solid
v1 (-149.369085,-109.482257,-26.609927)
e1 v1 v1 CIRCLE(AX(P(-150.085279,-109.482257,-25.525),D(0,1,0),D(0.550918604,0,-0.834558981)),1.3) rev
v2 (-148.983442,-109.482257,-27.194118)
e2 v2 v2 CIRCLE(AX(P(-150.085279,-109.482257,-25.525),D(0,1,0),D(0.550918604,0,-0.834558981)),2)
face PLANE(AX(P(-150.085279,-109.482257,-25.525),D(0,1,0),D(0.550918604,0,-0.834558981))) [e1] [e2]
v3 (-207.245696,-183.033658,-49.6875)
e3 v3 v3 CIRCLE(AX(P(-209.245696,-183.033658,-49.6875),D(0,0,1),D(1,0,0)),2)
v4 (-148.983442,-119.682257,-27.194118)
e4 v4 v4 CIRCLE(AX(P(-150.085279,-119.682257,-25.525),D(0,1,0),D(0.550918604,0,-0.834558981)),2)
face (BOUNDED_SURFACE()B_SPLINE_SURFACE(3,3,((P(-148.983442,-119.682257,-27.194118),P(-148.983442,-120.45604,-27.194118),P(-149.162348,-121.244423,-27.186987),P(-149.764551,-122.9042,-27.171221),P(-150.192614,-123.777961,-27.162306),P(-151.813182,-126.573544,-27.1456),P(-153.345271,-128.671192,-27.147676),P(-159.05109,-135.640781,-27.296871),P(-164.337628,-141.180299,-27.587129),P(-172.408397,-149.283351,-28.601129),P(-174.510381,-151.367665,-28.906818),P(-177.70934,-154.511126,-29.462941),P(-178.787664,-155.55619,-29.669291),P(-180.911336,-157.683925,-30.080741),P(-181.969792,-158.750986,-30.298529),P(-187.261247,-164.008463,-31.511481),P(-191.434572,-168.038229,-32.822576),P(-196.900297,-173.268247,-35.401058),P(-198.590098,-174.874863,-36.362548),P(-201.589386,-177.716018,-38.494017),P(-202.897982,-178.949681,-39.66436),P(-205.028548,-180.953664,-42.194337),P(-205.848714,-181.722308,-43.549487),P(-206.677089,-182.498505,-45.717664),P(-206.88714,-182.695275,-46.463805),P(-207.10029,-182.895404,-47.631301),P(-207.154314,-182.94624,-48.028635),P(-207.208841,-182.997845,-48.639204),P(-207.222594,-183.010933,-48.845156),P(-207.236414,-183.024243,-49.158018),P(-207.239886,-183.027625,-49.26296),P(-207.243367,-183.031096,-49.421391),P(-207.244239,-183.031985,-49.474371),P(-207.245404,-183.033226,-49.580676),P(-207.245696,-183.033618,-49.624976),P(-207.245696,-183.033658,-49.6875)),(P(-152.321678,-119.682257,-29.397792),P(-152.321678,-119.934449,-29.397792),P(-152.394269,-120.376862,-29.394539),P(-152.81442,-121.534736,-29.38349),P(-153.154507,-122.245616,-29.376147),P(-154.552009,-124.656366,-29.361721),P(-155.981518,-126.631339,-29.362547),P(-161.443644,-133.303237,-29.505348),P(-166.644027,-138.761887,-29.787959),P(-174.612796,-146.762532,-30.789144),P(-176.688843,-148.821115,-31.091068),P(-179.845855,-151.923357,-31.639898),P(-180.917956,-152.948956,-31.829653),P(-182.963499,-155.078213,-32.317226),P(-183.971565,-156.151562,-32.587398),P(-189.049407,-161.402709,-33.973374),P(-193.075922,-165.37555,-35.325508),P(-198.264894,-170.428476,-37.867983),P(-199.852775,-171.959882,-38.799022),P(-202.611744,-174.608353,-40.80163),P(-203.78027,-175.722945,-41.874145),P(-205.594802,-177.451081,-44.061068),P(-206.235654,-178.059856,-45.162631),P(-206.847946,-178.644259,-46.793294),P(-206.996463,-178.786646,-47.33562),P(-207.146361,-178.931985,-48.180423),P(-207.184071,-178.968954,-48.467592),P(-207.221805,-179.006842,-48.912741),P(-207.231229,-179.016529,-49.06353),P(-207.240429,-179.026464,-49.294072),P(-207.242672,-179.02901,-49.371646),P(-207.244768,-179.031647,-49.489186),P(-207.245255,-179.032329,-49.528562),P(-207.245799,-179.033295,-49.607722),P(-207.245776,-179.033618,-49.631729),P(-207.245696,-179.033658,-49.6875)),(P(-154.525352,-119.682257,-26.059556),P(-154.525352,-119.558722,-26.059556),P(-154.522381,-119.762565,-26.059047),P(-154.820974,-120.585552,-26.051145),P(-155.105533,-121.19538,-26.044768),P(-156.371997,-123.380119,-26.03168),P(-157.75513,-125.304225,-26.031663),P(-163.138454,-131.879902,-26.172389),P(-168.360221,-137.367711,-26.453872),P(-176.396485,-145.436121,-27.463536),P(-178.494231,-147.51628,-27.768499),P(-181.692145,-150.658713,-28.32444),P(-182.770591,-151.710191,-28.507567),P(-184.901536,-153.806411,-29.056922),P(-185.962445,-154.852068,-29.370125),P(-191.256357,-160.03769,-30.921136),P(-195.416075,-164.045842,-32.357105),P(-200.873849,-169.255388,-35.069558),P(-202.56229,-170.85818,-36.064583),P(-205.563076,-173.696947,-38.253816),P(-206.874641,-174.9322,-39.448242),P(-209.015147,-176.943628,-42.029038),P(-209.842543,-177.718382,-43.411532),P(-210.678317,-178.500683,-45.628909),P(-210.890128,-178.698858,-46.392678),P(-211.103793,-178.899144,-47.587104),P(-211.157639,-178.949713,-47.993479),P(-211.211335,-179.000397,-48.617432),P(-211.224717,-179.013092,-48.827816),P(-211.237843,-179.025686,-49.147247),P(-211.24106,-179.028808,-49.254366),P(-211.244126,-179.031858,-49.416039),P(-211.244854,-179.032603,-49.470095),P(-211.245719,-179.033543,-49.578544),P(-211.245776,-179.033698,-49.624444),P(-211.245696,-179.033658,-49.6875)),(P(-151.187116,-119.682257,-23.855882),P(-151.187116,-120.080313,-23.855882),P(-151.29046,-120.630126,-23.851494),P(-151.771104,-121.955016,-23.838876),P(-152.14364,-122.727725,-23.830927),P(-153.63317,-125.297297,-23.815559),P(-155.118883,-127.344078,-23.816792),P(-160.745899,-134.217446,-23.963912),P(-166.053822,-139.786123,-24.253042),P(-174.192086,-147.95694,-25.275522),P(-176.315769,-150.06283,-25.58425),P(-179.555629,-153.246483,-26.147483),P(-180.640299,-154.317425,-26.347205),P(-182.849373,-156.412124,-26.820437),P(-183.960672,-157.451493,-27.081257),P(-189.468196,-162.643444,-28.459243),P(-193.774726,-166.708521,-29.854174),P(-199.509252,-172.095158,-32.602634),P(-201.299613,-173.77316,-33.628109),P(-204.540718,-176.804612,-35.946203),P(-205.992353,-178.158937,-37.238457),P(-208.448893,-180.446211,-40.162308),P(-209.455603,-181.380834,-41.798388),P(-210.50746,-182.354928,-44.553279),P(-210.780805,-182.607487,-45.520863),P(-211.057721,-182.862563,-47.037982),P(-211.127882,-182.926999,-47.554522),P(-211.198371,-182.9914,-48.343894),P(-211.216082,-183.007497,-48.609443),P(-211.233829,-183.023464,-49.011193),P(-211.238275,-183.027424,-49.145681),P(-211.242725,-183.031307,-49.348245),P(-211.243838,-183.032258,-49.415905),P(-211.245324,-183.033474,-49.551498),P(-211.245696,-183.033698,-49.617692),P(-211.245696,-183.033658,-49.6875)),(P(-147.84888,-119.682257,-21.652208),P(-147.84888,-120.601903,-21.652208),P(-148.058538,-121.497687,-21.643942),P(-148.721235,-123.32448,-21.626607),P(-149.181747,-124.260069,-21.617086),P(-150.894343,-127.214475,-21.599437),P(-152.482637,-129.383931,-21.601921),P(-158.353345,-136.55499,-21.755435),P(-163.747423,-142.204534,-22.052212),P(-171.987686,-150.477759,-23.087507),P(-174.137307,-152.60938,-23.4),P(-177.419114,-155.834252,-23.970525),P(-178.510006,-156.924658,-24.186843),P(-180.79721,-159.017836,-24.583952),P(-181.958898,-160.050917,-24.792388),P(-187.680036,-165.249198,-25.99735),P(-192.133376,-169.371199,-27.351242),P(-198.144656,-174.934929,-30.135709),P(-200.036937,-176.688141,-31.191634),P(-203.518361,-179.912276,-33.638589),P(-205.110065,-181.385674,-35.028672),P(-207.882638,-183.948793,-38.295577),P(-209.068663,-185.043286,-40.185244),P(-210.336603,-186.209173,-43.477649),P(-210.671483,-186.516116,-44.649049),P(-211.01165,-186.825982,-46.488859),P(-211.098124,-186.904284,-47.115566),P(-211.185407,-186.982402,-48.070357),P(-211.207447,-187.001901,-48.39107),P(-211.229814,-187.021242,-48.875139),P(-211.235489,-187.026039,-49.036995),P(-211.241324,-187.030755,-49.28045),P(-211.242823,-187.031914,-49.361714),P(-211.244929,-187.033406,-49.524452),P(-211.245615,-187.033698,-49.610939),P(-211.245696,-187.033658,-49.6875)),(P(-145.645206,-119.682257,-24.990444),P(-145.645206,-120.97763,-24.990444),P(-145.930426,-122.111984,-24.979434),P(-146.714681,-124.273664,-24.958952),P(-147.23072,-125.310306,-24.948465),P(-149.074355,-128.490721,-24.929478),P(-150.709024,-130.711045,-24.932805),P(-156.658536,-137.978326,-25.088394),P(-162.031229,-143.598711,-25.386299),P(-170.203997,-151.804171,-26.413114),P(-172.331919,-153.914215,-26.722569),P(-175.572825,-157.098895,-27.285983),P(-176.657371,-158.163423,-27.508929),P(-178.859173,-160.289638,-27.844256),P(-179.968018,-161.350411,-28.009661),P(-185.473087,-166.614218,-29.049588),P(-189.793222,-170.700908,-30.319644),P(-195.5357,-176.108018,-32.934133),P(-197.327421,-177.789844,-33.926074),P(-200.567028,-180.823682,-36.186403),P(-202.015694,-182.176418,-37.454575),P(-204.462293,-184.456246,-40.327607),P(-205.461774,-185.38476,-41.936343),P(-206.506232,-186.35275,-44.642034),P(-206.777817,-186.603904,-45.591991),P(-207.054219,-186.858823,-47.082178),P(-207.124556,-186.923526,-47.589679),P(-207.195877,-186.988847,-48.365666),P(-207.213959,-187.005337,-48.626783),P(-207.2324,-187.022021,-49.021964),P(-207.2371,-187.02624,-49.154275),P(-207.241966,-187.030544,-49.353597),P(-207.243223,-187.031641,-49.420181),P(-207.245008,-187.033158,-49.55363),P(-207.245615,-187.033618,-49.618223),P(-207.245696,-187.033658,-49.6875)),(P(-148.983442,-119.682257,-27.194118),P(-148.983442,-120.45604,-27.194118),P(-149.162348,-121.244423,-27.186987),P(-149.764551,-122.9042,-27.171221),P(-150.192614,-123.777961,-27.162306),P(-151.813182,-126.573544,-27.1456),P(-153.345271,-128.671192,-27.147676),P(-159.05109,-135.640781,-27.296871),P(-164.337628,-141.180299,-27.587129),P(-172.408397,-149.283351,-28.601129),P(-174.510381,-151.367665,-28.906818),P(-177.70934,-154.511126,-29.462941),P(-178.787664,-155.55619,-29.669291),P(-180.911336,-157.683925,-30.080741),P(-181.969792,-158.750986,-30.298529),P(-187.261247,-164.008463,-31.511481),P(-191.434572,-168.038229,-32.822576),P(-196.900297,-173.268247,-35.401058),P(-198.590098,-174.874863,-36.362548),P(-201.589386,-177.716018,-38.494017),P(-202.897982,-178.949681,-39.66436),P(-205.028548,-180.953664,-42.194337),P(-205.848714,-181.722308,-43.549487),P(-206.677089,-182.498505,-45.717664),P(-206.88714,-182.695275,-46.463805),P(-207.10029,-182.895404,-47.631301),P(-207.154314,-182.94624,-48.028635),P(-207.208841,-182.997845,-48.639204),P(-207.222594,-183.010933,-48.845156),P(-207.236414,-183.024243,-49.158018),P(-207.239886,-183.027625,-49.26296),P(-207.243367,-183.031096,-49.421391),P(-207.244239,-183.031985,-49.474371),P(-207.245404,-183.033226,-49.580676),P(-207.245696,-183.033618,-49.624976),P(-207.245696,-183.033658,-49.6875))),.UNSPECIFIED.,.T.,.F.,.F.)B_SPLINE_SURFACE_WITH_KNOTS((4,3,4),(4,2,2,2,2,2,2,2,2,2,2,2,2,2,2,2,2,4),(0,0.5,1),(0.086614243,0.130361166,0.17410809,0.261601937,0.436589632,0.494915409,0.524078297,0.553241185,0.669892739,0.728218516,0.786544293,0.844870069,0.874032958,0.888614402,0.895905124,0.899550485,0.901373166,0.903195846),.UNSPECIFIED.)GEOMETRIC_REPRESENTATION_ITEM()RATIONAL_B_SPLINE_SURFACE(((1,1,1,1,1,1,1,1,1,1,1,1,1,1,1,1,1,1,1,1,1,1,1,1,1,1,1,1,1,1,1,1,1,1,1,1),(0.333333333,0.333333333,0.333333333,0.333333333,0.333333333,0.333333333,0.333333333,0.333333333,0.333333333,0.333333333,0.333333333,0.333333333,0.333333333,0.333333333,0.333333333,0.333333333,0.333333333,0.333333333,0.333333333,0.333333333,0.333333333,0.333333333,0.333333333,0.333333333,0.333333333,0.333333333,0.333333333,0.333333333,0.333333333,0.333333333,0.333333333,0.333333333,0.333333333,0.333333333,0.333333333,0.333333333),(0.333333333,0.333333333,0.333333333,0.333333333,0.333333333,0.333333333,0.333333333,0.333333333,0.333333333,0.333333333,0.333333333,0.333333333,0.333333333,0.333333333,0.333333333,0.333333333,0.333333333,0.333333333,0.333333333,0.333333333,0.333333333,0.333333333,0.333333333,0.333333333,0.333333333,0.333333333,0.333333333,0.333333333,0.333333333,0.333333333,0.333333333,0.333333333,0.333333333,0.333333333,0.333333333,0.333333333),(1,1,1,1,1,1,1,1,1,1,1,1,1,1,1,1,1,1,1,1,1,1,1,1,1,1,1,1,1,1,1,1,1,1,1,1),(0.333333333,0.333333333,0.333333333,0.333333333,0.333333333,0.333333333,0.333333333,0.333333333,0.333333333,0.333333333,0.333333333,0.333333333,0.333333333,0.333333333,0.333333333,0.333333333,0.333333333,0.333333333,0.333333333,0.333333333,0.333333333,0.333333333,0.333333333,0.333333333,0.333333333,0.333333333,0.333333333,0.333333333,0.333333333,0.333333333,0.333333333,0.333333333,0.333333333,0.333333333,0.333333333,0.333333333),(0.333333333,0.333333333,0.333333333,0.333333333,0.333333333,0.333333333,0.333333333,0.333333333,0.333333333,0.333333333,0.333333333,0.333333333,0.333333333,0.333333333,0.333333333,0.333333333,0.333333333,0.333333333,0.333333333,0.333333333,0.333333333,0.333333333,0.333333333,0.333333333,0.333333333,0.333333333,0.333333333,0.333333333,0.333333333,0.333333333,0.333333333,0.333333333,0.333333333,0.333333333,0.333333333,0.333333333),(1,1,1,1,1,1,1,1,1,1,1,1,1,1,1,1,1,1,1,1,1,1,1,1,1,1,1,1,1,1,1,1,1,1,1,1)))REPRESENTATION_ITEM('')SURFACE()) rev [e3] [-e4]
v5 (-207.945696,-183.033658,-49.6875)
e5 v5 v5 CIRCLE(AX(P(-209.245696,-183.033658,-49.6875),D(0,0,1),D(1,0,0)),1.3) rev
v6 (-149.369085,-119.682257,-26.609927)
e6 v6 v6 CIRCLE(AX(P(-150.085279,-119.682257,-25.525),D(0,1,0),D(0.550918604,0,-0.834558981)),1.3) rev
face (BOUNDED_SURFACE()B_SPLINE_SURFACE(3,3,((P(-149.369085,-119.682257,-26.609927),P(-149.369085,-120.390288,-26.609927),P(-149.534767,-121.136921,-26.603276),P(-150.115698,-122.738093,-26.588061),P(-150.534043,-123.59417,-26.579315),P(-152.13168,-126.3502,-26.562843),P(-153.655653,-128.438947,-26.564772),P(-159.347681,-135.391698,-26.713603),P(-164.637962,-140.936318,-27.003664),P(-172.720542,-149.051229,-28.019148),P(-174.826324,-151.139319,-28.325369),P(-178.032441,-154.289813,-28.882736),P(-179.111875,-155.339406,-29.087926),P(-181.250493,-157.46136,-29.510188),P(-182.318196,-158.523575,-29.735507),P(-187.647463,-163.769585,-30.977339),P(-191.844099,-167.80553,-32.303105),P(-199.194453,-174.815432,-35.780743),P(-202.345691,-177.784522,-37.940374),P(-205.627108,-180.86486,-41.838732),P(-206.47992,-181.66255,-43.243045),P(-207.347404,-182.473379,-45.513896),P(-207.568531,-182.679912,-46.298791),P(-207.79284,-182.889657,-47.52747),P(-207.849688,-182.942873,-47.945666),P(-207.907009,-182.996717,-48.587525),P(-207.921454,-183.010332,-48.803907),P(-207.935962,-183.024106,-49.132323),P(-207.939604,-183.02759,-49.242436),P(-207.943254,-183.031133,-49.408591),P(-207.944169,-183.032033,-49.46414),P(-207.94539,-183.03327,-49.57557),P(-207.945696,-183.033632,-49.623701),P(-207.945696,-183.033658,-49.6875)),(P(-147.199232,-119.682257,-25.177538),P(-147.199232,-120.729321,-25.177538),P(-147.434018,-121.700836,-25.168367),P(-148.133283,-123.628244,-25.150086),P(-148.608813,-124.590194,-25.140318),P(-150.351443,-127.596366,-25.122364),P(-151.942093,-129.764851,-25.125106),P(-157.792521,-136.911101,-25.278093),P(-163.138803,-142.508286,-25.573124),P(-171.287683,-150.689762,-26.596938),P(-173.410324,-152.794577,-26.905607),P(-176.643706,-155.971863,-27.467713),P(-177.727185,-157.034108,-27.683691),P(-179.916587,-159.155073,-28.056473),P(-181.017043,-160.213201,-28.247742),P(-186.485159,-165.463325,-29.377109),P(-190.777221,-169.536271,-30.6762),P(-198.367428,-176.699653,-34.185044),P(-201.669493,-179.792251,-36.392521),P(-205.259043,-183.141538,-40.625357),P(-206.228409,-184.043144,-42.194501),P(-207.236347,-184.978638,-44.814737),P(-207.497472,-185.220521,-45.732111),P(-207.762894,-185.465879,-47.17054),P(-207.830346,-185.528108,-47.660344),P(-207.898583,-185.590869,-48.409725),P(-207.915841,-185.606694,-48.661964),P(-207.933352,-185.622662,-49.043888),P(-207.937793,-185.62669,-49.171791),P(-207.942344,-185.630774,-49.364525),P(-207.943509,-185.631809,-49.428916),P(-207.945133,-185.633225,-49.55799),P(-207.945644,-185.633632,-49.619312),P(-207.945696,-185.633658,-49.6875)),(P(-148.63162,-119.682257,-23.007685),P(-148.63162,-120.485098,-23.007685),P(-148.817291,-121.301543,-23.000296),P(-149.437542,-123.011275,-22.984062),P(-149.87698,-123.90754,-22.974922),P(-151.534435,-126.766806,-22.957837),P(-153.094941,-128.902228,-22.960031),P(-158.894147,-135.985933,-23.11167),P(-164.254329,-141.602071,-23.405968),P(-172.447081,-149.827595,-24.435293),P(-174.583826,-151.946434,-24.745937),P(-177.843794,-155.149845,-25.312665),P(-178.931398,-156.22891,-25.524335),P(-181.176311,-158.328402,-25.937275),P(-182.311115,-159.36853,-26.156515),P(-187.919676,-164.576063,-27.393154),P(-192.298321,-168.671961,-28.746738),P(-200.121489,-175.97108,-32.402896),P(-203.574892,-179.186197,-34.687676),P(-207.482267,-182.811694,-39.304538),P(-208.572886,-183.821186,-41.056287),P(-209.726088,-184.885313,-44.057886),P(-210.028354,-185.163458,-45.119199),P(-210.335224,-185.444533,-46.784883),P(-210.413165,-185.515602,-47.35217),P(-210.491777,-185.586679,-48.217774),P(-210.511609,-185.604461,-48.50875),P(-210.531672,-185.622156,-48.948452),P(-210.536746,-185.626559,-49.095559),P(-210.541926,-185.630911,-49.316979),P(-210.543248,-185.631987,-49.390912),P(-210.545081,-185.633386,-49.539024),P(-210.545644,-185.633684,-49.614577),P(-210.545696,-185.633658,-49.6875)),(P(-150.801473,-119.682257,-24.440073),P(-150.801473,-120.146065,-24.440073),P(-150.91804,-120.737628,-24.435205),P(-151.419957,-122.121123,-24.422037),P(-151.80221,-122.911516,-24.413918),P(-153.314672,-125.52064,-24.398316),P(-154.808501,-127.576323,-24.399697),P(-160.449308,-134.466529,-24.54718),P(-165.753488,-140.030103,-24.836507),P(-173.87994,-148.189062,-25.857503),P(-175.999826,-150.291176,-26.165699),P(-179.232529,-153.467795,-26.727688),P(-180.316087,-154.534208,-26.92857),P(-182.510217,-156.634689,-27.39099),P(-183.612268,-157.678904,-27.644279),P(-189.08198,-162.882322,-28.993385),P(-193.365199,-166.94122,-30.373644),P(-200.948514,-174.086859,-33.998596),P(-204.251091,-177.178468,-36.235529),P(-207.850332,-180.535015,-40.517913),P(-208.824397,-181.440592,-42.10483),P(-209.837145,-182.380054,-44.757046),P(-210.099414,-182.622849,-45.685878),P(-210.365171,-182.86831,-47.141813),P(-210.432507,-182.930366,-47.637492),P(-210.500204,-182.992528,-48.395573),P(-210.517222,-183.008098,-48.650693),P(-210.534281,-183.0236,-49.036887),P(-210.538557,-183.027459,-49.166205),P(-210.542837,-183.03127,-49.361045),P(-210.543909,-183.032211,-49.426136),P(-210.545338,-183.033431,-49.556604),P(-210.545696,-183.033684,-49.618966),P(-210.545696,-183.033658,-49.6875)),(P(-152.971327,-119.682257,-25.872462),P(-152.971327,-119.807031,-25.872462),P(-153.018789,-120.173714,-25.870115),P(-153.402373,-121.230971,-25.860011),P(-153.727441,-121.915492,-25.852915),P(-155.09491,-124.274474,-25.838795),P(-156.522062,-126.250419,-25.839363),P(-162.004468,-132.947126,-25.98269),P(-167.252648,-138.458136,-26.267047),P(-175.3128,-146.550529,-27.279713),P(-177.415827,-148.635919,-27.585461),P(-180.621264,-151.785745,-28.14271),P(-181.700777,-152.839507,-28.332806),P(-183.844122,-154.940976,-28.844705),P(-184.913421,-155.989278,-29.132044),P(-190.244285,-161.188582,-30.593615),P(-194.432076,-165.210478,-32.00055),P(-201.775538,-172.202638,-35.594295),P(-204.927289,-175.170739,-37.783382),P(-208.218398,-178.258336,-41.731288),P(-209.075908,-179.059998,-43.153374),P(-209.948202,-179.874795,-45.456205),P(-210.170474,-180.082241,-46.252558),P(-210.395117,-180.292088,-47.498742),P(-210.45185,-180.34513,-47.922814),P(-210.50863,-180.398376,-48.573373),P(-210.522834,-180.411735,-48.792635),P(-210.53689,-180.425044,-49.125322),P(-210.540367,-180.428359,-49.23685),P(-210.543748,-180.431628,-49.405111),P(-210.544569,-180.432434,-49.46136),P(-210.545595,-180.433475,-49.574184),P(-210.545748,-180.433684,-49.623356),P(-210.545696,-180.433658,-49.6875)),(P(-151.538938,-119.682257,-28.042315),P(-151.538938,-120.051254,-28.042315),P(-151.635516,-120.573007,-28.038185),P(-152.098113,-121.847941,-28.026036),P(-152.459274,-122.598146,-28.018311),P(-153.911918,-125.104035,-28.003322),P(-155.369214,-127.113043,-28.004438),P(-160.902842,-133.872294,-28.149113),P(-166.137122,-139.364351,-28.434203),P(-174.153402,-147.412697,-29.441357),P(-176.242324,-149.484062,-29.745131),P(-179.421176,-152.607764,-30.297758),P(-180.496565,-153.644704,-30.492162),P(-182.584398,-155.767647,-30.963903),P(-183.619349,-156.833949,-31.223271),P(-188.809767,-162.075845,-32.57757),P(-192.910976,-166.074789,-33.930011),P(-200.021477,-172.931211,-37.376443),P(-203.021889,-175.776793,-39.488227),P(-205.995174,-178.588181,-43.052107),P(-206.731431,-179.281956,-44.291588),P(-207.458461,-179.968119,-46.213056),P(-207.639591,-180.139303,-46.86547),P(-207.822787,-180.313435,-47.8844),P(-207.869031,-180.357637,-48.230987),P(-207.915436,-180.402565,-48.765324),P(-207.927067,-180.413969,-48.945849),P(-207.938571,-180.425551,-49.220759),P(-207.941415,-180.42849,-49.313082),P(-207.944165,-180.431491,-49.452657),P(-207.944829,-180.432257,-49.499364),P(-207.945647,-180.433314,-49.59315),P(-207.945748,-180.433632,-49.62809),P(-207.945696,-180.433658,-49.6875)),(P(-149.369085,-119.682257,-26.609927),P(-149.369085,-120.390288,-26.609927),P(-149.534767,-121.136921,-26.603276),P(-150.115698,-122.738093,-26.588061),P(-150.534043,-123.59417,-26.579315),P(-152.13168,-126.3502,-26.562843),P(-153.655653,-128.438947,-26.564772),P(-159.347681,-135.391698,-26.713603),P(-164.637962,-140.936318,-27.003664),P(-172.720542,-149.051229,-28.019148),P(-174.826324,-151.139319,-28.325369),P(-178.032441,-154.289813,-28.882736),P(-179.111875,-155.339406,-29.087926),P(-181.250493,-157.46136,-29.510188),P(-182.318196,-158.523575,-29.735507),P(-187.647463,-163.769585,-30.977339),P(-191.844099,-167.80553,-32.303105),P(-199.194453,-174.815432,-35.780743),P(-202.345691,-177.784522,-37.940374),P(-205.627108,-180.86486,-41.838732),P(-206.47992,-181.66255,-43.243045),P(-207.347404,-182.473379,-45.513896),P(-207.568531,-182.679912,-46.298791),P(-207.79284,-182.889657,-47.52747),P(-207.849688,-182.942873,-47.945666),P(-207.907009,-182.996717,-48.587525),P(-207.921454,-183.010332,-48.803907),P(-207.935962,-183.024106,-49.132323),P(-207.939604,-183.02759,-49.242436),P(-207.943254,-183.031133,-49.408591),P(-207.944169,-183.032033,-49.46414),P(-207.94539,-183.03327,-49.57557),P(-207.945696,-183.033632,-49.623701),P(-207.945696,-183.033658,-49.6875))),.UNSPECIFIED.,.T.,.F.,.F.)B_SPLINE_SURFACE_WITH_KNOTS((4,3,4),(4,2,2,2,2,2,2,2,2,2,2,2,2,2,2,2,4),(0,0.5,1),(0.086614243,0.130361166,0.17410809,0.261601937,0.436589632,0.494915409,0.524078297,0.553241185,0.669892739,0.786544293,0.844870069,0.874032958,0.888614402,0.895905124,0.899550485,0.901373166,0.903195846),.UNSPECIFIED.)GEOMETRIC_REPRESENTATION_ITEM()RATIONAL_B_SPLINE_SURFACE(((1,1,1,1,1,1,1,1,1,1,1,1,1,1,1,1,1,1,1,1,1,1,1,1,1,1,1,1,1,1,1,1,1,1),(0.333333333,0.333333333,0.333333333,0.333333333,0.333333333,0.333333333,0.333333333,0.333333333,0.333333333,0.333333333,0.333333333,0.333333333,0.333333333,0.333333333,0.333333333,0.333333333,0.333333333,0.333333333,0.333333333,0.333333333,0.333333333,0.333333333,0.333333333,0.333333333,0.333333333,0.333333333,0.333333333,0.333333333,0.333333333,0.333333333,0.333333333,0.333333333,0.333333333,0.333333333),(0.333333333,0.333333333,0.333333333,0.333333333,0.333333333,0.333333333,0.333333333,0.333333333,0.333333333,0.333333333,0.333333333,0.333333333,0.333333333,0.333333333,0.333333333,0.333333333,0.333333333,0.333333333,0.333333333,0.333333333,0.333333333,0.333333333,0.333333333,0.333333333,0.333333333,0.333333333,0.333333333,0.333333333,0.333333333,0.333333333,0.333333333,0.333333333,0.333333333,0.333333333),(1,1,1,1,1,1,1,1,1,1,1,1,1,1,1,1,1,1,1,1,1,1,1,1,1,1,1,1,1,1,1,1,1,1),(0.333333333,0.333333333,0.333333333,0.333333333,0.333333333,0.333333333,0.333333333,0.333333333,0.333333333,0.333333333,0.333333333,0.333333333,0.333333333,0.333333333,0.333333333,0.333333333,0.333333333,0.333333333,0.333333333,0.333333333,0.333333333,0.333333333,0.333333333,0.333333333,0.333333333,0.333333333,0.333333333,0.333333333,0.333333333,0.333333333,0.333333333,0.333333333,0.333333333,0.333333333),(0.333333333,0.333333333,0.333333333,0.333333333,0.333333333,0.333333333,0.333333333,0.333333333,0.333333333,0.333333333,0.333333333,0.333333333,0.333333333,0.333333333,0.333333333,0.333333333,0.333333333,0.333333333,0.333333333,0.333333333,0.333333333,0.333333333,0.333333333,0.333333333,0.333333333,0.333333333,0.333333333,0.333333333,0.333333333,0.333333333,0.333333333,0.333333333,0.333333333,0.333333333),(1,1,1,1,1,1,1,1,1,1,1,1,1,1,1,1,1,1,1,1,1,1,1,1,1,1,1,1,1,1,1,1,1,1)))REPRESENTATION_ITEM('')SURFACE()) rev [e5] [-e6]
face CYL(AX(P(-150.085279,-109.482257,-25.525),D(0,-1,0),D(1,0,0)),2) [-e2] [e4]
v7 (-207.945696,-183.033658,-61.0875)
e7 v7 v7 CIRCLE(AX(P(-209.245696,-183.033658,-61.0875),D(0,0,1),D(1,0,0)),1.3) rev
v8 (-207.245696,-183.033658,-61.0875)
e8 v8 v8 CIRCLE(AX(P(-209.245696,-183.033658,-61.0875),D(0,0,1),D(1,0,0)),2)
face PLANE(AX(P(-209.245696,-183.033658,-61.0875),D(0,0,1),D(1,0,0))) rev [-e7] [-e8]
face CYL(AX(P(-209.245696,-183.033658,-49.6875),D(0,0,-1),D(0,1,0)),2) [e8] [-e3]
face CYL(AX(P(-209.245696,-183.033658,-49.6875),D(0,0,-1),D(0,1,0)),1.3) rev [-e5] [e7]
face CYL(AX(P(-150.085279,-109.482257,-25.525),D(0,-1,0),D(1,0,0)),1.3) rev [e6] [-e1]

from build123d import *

# Parameters (mm, degrees)
SKETCH1_R   = 2
SKETCH1_R_2 = 1.3


with BuildPart() as part:
    # Sweep1: sweep along a curve in space
    with BuildLine() as sweep1_path:
        Line((-150.085279081, -109.482256564, -25.525), (-150.085279081, -119.682256564, -25.525))
        add(Edge.make_bspline(
            [(-150.085279081, -119.682256564, -25.525), (-150.085279081, -124.369613152, -25.525), (-171.159160942, -147.727370667, -24.664949167), (-209.245695812, -183.033658174, -34.126800908), (-209.245695812, -183.033658174, -49.6875)],
            knots=[0, 0, 0, 0, 0.428585934, 1, 1, 1, 1], degree=3))
        Line((-209.245695812, -183.033658174, -61.0875), (-209.245695812, -183.033658174, -49.6875))
    # Sketch1 → Sweep1 (sweep)
    with BuildSketch(Plane.XY.offset(-51.4875)):
        with Locations((-209.245695812, -183.033658174)):
            Circle(SKETCH1_R)
        with Locations((-209.245695812, -183.033658174)):
            Circle(SKETCH1_R_2, mode=Mode.SUBTRACT)
    sweep(path=sweep1_path.line)


solid = part.part
